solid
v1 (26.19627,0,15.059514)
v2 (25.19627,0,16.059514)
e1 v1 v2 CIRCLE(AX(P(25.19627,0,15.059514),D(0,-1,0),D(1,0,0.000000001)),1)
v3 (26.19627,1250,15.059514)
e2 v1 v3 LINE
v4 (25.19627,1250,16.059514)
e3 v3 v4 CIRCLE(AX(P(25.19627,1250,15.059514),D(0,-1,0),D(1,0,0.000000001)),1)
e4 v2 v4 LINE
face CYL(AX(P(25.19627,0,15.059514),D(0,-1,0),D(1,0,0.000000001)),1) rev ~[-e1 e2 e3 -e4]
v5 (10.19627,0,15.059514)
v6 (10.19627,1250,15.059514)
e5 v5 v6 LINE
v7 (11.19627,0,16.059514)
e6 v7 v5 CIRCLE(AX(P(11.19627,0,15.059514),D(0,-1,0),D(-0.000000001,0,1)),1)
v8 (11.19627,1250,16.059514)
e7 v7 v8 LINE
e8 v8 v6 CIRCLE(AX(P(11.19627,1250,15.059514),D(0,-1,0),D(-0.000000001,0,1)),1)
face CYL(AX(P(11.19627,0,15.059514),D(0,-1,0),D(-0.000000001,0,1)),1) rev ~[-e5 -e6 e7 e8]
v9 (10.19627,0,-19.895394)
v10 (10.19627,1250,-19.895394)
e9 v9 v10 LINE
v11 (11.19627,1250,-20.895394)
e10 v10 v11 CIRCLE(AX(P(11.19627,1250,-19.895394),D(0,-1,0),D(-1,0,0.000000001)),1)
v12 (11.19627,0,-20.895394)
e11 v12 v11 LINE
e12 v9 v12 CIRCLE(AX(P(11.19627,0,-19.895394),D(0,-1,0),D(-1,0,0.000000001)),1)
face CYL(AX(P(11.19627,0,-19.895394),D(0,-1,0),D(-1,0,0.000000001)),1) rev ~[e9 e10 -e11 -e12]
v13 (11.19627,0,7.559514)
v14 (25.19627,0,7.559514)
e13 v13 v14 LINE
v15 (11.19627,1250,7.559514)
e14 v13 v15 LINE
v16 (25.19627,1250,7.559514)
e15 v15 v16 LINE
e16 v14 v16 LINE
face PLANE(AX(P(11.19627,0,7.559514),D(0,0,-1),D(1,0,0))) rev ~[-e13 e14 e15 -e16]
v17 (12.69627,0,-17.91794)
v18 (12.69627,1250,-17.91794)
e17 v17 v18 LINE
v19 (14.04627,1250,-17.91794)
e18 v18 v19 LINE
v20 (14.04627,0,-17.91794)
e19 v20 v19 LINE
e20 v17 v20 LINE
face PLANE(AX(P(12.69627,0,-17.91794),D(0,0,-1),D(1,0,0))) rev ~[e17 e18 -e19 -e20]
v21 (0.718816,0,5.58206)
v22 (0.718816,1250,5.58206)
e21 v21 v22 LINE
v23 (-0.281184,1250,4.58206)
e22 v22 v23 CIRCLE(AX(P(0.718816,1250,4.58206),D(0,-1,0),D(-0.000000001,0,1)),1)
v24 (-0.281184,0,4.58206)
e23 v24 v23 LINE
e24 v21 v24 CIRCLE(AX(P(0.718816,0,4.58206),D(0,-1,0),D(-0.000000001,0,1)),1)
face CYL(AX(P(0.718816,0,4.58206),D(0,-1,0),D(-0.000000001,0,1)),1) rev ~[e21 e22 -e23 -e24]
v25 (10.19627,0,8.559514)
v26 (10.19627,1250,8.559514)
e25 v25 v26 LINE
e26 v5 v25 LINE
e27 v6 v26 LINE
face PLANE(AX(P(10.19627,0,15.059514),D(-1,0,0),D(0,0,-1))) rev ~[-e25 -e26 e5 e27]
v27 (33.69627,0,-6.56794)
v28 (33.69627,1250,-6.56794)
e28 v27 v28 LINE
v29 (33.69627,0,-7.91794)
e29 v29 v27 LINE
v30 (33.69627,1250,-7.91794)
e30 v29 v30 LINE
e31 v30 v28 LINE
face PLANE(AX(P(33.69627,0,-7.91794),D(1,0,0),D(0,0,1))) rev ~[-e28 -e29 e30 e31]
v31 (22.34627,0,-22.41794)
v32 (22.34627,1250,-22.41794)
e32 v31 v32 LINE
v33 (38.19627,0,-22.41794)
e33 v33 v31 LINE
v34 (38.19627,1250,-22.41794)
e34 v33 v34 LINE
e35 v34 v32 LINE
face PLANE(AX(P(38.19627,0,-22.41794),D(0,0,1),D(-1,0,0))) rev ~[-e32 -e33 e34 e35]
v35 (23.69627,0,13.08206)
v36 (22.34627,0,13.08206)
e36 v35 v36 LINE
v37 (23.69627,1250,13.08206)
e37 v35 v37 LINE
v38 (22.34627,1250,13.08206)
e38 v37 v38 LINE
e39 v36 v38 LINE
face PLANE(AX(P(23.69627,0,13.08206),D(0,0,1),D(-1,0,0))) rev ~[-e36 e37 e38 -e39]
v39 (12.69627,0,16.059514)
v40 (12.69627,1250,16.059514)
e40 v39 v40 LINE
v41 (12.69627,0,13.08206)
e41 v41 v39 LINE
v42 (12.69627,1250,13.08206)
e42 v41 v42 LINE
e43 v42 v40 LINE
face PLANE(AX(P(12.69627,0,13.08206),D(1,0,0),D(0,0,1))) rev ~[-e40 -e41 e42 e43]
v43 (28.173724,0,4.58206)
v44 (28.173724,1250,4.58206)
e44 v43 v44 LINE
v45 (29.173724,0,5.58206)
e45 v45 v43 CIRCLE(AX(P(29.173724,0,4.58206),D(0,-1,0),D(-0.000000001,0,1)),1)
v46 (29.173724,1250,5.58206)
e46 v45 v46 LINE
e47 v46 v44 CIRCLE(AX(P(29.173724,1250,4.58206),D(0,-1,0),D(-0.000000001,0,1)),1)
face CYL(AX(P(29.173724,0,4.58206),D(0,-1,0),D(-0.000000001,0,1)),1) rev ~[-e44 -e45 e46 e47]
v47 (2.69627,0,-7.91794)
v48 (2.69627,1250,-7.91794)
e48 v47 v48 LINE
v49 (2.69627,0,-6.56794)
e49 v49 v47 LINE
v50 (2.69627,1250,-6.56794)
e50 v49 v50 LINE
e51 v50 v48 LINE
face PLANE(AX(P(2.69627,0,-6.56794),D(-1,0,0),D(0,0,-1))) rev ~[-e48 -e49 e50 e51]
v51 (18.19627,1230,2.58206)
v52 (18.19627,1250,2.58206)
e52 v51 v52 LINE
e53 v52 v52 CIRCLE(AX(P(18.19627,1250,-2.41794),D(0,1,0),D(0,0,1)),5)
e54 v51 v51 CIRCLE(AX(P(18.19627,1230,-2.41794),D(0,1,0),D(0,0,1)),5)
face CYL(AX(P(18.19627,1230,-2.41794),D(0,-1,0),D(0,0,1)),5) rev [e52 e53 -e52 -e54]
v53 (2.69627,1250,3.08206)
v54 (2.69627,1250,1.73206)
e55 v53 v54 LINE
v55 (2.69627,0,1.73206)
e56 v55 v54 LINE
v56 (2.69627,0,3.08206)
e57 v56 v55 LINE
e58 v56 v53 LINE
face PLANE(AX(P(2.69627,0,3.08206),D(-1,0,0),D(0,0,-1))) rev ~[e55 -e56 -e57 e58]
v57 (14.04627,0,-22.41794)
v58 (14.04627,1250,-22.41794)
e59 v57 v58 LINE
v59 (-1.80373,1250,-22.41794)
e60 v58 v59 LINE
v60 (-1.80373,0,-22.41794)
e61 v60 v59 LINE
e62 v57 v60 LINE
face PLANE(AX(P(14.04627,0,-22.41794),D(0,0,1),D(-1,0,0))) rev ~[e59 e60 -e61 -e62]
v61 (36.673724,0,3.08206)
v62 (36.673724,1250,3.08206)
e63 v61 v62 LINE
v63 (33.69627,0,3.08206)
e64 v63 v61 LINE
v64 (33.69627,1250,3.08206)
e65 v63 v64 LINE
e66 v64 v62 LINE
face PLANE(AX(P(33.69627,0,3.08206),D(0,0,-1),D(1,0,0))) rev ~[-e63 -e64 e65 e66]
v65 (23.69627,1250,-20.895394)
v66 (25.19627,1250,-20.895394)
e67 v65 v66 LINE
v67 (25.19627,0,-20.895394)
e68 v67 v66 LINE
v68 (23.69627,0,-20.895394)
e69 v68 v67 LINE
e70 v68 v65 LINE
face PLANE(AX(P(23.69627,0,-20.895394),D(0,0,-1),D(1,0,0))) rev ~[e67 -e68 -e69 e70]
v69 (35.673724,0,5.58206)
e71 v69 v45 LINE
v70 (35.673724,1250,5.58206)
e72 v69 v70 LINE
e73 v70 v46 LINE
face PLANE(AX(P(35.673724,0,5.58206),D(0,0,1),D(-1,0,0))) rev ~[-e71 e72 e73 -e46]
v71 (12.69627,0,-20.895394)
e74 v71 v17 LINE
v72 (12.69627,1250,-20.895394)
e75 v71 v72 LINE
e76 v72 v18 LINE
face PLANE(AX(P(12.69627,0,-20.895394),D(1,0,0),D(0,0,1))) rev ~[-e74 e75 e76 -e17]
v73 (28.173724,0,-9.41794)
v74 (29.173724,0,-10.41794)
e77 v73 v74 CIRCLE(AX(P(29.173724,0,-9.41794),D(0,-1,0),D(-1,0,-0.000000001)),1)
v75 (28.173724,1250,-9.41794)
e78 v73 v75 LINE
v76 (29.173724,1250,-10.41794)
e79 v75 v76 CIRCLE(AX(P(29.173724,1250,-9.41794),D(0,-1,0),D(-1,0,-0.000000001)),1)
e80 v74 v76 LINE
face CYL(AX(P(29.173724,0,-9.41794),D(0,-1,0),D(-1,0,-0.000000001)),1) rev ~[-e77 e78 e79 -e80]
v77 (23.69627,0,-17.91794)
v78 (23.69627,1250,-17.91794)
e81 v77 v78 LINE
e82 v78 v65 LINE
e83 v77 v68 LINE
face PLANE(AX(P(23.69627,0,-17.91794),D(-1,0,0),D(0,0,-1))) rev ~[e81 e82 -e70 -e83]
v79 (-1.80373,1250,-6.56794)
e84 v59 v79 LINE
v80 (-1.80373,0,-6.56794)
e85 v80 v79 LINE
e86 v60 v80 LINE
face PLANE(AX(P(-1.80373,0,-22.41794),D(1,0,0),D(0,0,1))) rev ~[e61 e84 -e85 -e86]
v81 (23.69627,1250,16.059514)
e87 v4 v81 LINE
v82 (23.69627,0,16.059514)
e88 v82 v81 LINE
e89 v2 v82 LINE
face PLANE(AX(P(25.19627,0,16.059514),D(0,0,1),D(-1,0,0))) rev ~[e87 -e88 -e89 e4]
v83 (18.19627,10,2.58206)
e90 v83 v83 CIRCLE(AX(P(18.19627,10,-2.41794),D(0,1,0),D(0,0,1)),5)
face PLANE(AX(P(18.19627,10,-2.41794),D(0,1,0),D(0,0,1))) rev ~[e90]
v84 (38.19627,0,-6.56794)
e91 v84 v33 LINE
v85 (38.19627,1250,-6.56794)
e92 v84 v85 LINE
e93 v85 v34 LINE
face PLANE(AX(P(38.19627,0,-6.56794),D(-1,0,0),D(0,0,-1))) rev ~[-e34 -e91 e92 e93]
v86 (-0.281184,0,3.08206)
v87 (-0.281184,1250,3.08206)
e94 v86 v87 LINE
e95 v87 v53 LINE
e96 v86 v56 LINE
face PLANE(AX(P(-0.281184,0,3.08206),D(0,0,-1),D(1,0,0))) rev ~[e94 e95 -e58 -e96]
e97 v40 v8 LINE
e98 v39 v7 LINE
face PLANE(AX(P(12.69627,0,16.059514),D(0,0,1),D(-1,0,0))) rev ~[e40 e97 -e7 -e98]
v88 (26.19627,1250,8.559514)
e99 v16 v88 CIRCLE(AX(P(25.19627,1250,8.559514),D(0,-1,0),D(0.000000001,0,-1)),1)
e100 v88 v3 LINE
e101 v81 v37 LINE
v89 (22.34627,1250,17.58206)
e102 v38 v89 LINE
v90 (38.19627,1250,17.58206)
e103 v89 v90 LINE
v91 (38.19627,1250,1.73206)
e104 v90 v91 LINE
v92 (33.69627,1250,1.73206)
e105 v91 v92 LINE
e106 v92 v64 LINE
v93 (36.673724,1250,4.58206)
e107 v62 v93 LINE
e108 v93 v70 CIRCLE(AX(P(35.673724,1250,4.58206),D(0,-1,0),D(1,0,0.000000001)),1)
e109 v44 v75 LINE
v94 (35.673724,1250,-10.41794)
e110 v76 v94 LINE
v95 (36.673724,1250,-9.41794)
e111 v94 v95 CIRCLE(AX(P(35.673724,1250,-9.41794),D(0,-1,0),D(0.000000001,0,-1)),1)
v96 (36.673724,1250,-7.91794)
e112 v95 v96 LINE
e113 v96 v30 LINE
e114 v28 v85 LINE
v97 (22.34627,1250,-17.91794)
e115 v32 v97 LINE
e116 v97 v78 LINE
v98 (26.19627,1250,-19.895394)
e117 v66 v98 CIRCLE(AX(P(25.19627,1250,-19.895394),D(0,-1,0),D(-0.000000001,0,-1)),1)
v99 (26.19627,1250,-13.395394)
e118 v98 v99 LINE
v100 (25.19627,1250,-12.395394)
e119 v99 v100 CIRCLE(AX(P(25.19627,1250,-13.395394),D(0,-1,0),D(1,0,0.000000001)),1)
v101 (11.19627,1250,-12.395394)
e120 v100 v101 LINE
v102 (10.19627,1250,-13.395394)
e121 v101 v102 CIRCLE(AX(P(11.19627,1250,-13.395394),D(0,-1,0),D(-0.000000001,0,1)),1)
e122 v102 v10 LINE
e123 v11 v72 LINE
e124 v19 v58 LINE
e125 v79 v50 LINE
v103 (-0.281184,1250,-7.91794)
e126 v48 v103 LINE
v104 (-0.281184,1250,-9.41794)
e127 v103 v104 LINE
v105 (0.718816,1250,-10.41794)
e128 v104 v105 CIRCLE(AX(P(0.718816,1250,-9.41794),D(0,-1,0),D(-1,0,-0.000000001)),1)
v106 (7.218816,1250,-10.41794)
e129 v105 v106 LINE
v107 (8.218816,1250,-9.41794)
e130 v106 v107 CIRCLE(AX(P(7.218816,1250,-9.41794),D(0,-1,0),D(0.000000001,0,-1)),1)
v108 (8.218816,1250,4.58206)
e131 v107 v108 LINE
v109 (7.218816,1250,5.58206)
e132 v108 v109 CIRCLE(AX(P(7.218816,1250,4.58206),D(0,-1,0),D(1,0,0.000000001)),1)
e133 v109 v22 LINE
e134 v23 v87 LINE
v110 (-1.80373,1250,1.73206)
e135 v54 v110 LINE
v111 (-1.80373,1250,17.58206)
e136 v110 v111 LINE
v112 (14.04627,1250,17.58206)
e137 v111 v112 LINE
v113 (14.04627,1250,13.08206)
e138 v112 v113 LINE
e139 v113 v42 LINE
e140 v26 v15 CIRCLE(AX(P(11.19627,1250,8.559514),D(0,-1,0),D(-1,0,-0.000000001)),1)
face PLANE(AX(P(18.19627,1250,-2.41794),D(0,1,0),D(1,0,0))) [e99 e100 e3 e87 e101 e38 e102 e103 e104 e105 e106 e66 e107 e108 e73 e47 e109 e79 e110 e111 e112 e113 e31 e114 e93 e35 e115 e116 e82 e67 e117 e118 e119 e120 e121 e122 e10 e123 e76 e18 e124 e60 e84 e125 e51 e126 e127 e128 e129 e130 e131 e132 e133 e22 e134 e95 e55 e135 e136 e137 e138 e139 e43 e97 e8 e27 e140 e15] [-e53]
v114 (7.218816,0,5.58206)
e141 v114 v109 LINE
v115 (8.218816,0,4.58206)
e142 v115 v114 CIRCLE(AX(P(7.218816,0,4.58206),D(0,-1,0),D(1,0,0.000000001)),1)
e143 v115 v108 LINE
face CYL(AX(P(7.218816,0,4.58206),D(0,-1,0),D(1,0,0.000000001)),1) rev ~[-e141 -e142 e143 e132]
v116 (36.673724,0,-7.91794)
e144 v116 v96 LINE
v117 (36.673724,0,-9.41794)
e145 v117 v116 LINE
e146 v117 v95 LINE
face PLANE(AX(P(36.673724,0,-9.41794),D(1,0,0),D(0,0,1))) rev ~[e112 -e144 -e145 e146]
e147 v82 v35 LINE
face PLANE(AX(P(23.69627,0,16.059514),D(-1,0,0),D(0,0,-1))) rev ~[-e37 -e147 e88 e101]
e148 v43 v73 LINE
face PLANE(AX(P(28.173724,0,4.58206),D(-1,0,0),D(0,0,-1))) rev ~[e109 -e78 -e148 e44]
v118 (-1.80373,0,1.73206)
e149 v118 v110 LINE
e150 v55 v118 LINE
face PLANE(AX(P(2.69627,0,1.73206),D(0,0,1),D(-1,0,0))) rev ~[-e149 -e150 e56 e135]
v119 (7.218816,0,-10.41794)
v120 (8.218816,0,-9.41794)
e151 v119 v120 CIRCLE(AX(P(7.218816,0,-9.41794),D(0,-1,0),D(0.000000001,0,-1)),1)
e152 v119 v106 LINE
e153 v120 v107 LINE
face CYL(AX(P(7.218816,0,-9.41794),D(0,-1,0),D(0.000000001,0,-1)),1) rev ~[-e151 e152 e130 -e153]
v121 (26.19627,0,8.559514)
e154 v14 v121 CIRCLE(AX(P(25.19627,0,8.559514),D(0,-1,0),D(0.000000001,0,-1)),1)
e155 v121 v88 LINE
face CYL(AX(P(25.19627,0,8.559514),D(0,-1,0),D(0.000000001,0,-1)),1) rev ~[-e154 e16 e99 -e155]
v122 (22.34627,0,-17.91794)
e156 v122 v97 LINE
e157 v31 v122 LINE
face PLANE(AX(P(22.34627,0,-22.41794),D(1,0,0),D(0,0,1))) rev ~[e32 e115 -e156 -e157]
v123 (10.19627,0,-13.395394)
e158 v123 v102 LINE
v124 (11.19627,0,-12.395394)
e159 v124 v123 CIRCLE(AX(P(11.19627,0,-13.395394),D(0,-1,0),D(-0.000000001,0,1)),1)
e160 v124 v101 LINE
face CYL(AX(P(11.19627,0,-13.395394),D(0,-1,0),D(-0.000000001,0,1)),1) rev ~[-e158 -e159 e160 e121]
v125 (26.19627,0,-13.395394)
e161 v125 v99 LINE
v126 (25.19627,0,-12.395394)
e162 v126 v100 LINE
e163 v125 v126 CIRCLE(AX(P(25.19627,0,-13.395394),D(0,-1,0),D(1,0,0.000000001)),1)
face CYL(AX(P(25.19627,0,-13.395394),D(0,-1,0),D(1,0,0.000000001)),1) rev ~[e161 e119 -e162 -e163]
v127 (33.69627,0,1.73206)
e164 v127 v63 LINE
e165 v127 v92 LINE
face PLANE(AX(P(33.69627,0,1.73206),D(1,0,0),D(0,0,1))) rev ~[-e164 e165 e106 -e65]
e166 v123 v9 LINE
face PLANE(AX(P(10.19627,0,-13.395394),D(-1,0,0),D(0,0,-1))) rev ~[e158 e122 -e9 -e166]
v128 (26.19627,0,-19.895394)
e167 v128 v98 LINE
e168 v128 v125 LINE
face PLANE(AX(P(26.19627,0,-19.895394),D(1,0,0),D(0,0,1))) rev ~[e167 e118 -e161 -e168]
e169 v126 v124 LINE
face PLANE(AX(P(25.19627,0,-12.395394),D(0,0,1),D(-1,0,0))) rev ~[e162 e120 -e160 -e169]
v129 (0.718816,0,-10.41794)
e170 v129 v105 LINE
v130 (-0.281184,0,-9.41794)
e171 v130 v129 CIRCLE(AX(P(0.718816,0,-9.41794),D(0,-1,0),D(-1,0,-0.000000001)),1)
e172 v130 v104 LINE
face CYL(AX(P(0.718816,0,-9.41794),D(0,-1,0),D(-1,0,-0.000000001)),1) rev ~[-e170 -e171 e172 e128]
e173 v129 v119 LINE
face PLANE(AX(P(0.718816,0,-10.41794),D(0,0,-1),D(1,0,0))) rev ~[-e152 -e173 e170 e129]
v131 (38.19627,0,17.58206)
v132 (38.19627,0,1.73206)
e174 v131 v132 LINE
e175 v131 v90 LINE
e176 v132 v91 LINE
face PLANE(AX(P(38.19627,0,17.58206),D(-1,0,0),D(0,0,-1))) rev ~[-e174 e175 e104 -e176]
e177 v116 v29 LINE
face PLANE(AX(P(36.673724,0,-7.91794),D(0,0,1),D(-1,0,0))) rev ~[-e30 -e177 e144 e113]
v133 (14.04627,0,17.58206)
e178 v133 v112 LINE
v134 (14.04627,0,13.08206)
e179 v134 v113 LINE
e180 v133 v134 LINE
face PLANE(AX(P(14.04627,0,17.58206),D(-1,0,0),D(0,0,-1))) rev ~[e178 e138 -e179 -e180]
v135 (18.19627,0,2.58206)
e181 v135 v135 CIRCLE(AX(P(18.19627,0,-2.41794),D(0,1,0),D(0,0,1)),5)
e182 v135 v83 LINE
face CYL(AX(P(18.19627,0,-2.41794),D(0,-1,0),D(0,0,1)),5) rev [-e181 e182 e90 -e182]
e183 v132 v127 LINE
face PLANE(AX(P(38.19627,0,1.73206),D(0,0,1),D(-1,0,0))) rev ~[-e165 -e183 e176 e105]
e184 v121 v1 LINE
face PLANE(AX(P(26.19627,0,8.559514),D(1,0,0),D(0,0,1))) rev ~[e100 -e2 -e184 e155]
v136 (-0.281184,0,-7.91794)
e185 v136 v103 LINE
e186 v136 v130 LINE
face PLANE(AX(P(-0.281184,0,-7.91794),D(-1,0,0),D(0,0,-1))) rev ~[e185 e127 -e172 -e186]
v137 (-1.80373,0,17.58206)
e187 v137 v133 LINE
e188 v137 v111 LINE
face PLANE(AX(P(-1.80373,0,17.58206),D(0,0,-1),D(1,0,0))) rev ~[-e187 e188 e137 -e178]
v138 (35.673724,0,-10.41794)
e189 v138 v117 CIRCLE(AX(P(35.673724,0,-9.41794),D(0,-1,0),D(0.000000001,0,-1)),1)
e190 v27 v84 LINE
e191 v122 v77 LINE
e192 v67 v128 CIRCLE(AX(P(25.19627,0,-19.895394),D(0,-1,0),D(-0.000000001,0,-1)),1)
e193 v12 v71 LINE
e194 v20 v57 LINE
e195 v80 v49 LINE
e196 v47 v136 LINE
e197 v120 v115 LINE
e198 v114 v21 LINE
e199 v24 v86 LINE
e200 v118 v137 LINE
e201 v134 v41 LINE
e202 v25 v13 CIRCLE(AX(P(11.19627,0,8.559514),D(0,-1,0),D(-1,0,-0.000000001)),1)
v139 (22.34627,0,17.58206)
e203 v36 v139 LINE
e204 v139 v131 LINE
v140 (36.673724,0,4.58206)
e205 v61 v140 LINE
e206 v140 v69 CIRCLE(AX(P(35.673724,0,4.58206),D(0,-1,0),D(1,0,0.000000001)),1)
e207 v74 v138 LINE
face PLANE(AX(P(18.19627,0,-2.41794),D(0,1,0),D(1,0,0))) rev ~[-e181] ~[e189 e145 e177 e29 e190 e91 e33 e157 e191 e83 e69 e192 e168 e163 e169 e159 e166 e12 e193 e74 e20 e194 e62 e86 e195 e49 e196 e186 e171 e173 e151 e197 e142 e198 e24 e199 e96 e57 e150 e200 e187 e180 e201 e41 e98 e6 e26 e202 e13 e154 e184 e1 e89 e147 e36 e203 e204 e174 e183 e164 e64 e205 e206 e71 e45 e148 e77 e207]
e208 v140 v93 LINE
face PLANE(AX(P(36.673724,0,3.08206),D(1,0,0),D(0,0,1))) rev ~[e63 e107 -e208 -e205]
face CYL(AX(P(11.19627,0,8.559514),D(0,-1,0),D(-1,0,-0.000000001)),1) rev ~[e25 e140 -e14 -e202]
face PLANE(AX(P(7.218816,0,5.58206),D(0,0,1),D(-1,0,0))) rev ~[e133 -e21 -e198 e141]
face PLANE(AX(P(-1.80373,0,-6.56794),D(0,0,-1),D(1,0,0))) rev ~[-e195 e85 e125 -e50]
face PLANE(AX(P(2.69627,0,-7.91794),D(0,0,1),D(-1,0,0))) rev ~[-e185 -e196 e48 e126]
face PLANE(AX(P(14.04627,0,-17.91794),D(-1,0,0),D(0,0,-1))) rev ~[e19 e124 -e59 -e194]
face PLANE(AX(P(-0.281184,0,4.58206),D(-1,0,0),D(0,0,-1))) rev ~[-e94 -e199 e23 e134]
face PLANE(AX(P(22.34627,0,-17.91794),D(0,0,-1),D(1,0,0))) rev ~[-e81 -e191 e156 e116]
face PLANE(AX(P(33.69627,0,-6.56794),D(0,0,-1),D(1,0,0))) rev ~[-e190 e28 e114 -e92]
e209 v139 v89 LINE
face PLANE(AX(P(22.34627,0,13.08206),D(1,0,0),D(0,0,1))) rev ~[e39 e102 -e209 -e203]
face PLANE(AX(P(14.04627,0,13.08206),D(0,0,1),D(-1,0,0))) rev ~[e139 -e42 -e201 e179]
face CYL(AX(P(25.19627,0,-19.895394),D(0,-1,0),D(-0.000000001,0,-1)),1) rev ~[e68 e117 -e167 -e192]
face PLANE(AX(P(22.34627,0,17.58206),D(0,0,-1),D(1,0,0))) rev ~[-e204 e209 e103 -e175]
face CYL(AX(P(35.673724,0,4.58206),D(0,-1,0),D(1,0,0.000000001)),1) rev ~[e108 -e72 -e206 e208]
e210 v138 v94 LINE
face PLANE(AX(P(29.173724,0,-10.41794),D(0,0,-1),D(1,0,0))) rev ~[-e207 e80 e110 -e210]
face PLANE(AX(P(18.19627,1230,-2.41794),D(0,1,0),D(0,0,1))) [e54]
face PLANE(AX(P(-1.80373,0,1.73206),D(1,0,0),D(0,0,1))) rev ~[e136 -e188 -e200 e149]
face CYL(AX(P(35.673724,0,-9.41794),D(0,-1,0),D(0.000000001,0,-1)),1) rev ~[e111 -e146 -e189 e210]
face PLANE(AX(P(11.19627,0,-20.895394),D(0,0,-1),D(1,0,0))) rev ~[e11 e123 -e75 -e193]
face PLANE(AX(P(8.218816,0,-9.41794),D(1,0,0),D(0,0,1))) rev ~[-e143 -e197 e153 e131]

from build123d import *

# Parameters (mm, degrees)
RESSALTO_EXTRUS_O1_DEPTH = 1250
ESBO_O2_3_R              = 5
CORTE_EXTRUS_O1_DEPTH    = 10
CORTE_EXTRUS_O2_START    = -20
ESBO_O4_R                = 5
CORTE_EXTRUS_O2_DEPTH    = 20


with BuildPart() as part:
    # Esboço2 → Ressalto-extrusão1 (new body)
    with BuildSketch(Plane(origin=(0, 0, 0), x_dir=(1, 0, 0), z_dir=(0, 1, 0))):
        with BuildLine():
            Line((-1.803730261, 22.417940287), (-1.803730261, 6.567940287))
            Line((-1.803730261, 6.567940287), (2.696269739, 6.567940287))
            Line((2.696269739, 6.567940287), (2.696269739, 7.917940287))
            Line((2.696269739, 7.917940287), (-0.281184469, 7.917940287))
            Line((-0.281184469, 7.917940287), (-0.281184469, 9.417940287))
            ThreePointArc((-0.281184469, 9.417940287), (0.01170875, 10.125047068), (0.718815531, 10.417940287))
            Line((0.718815531, 10.417940287), (7.218815531, 10.417940287))
            ThreePointArc((7.218815531, 10.417940287), (7.925922312, 10.125047068), (8.218815531, 9.417940287))
            Line((8.218815531, 9.417940287), (8.218815531, -4.582059713))
            ThreePointArc((8.218815531, -4.582059713), (7.925922312, -5.289166494), (7.218815531, -5.582059713))
            Line((7.218815531, -5.582059713), (0.718815531, -5.582059713))
            ThreePointArc((0.718815531, -5.582059713), (0.01170875, -5.289166494), (-0.281184469, -4.582059713))
            Line((-0.281184469, -4.582059713), (-0.281184469, -3.082059713))
            Line((-0.281184469, -3.082059713), (2.696269739, -3.082059713))
            Line((2.696269739, -3.082059713), (2.696269739, -1.732059713))
            Line((2.696269739, -1.732059713), (-1.803730261, -1.732059713))
            Line((-1.803730261, -1.732059713), (-1.803730261, -17.582059713))
            Line((-1.803730261, -17.582059713), (14.046269739, -17.582059713))
            Line((14.046269739, -17.582059713), (14.046269739, -13.082059713))
            Line((14.046269739, -13.082059713), (12.696269739, -13.082059713))
            Line((12.696269739, -13.082059713), (12.696269739, -16.059513921))
            Line((12.696269739, -16.059513921), (11.196269739, -16.059513921))
            ThreePointArc((11.196269739, -16.059513921), (10.489162958, -15.766620702), (10.196269739, -15.059513921))
            Line((10.196269739, -15.059513921), (10.196269739, -8.559513921))
            ThreePointArc((10.196269739, -8.559513921), (10.489162958, -7.85240714), (11.196269739, -7.559513921))
            Line((11.196269739, -7.559513921), (25.196269739, -7.559513921))
            ThreePointArc((25.196269739, -7.559513921), (25.90337652, -7.85240714), (26.196269739, -8.559513921))
            Line((26.196269739, -8.559513921), (26.196269739, -15.059513921))
            ThreePointArc((26.196269739, -15.059513921), (25.90337652, -15.766620702), (25.196269739, -16.059513921))
            Line((25.196269739, -16.059513921), (23.696269739, -16.059513921))
            Line((23.696269739, -16.059513921), (23.696269739, -13.082059713))
            Line((23.696269739, -13.082059713), (22.346269739, -13.082059713))
            Line((22.346269739, -13.082059713), (22.346269739, -17.582059713))
            Line((22.346269739, -17.582059713), (38.196269739, -17.582059713))
            Line((38.196269739, -17.582059713), (38.196269739, -1.732059713))
            Line((38.196269739, -1.732059713), (33.696269739, -1.732059713))
            Line((33.696269739, -1.732059713), (33.696269739, -3.082059713))
            Line((33.696269739, -3.082059713), (36.673723947, -3.082059713))
            Line((36.673723947, -3.082059713), (36.673723947, -4.582059713))
            ThreePointArc((36.673723947, -4.582059713), (36.380830728, -5.289166494), (35.673723947, -5.582059713))
            Line((35.673723947, -5.582059713), (29.173723947, -5.582059713))
            ThreePointArc((29.173723947, -5.582059713), (28.466617166, -5.289166494), (28.173723947, -4.582059713))
            Line((28.173723947, -4.582059713), (28.173723947, 9.417940287))
            ThreePointArc((28.173723947, 9.417940287), (28.466617166, 10.125047068), (29.173723947, 10.417940287))
            Line((29.173723947, 10.417940287), (35.673723947, 10.417940287))
            ThreePointArc((35.673723947, 10.417940287), (36.380830728, 10.125047068), (36.673723947, 9.417940287))
            Line((36.673723947, 9.417940287), (36.673723947, 7.917940287))
            Line((36.673723947, 7.917940287), (33.696269739, 7.917940287))
            Line((33.696269739, 7.917940287), (33.696269739, 6.567940287))
            Line((33.696269739, 6.567940287), (38.196269739, 6.567940287))
            Line((38.196269739, 6.567940287), (38.196269739, 22.417940287))
            Line((38.196269739, 22.417940287), (22.346269739, 22.417940287))
            Line((22.346269739, 22.417940287), (22.346269739, 17.917940287))
            Line((22.346269739, 17.917940287), (23.696269739, 17.917940287))
            Line((23.696269739, 17.917940287), (23.696269739, 20.895394495))
            Line((23.696269739, 20.895394495), (25.196269739, 20.895394495))
            ThreePointArc((25.196269739, 20.895394495), (25.90337652, 20.602501277), (26.196269739, 19.895394495))
            Line((26.196269739, 19.895394495), (26.196269739, 13.395394495))
            ThreePointArc((26.196269739, 13.395394495), (25.90337652, 12.688287714), (25.196269739, 12.395394495))
            Line((25.196269739, 12.395394495), (11.196269739, 12.395394495))
            ThreePointArc((11.196269739, 12.395394495), (10.489162958, 12.688287714), (10.196269739, 13.395394495))
            Line((10.196269739, 13.395394495), (10.196269739, 19.895394495))
            ThreePointArc((10.196269739, 19.895394495), (10.489162958, 20.602501277), (11.196269739, 20.895394495))
            Line((11.196269739, 20.895394495), (12.696269739, 20.895394495))
            Line((12.696269739, 20.895394495), (12.696269739, 17.917940287))
            Line((12.696269739, 17.917940287), (14.046269739, 17.917940287))
            Line((14.046269739, 17.917940287), (14.046269739, 22.417940287))
            Line((14.046269739, 22.417940287), (-1.803730261, 22.417940287))
        make_face()
    extrude(amount=RESSALTO_EXTRUS_O1_DEPTH)

    # Esboço2<3> → Corte-extrusão1 (cut)
    with BuildSketch(Plane(origin=(0, 0, 0), x_dir=(1, 0, 0), z_dir=(0, 1, 0))):
        with Locations((18.196269739, 2.417940287)):
            Circle(ESBO_O2_3_R)
    extrude(amount=CORTE_EXTRUS_O1_DEPTH, mode=Mode.SUBTRACT)

    # Esboço4 → Corte-extrusão2 (cut)
    with BuildSketch(Plane(origin=(0, 1250, 0), x_dir=(1, 0, 0), z_dir=(0, 1, 0)).offset(CORTE_EXTRUS_O2_START)):
        with Locations((18.196269739, 2.417940287)):
            Circle(ESBO_O4_R)
    extrude(amount=CORTE_EXTRUS_O2_DEPTH, mode=Mode.SUBTRACT)


solid = part.part
